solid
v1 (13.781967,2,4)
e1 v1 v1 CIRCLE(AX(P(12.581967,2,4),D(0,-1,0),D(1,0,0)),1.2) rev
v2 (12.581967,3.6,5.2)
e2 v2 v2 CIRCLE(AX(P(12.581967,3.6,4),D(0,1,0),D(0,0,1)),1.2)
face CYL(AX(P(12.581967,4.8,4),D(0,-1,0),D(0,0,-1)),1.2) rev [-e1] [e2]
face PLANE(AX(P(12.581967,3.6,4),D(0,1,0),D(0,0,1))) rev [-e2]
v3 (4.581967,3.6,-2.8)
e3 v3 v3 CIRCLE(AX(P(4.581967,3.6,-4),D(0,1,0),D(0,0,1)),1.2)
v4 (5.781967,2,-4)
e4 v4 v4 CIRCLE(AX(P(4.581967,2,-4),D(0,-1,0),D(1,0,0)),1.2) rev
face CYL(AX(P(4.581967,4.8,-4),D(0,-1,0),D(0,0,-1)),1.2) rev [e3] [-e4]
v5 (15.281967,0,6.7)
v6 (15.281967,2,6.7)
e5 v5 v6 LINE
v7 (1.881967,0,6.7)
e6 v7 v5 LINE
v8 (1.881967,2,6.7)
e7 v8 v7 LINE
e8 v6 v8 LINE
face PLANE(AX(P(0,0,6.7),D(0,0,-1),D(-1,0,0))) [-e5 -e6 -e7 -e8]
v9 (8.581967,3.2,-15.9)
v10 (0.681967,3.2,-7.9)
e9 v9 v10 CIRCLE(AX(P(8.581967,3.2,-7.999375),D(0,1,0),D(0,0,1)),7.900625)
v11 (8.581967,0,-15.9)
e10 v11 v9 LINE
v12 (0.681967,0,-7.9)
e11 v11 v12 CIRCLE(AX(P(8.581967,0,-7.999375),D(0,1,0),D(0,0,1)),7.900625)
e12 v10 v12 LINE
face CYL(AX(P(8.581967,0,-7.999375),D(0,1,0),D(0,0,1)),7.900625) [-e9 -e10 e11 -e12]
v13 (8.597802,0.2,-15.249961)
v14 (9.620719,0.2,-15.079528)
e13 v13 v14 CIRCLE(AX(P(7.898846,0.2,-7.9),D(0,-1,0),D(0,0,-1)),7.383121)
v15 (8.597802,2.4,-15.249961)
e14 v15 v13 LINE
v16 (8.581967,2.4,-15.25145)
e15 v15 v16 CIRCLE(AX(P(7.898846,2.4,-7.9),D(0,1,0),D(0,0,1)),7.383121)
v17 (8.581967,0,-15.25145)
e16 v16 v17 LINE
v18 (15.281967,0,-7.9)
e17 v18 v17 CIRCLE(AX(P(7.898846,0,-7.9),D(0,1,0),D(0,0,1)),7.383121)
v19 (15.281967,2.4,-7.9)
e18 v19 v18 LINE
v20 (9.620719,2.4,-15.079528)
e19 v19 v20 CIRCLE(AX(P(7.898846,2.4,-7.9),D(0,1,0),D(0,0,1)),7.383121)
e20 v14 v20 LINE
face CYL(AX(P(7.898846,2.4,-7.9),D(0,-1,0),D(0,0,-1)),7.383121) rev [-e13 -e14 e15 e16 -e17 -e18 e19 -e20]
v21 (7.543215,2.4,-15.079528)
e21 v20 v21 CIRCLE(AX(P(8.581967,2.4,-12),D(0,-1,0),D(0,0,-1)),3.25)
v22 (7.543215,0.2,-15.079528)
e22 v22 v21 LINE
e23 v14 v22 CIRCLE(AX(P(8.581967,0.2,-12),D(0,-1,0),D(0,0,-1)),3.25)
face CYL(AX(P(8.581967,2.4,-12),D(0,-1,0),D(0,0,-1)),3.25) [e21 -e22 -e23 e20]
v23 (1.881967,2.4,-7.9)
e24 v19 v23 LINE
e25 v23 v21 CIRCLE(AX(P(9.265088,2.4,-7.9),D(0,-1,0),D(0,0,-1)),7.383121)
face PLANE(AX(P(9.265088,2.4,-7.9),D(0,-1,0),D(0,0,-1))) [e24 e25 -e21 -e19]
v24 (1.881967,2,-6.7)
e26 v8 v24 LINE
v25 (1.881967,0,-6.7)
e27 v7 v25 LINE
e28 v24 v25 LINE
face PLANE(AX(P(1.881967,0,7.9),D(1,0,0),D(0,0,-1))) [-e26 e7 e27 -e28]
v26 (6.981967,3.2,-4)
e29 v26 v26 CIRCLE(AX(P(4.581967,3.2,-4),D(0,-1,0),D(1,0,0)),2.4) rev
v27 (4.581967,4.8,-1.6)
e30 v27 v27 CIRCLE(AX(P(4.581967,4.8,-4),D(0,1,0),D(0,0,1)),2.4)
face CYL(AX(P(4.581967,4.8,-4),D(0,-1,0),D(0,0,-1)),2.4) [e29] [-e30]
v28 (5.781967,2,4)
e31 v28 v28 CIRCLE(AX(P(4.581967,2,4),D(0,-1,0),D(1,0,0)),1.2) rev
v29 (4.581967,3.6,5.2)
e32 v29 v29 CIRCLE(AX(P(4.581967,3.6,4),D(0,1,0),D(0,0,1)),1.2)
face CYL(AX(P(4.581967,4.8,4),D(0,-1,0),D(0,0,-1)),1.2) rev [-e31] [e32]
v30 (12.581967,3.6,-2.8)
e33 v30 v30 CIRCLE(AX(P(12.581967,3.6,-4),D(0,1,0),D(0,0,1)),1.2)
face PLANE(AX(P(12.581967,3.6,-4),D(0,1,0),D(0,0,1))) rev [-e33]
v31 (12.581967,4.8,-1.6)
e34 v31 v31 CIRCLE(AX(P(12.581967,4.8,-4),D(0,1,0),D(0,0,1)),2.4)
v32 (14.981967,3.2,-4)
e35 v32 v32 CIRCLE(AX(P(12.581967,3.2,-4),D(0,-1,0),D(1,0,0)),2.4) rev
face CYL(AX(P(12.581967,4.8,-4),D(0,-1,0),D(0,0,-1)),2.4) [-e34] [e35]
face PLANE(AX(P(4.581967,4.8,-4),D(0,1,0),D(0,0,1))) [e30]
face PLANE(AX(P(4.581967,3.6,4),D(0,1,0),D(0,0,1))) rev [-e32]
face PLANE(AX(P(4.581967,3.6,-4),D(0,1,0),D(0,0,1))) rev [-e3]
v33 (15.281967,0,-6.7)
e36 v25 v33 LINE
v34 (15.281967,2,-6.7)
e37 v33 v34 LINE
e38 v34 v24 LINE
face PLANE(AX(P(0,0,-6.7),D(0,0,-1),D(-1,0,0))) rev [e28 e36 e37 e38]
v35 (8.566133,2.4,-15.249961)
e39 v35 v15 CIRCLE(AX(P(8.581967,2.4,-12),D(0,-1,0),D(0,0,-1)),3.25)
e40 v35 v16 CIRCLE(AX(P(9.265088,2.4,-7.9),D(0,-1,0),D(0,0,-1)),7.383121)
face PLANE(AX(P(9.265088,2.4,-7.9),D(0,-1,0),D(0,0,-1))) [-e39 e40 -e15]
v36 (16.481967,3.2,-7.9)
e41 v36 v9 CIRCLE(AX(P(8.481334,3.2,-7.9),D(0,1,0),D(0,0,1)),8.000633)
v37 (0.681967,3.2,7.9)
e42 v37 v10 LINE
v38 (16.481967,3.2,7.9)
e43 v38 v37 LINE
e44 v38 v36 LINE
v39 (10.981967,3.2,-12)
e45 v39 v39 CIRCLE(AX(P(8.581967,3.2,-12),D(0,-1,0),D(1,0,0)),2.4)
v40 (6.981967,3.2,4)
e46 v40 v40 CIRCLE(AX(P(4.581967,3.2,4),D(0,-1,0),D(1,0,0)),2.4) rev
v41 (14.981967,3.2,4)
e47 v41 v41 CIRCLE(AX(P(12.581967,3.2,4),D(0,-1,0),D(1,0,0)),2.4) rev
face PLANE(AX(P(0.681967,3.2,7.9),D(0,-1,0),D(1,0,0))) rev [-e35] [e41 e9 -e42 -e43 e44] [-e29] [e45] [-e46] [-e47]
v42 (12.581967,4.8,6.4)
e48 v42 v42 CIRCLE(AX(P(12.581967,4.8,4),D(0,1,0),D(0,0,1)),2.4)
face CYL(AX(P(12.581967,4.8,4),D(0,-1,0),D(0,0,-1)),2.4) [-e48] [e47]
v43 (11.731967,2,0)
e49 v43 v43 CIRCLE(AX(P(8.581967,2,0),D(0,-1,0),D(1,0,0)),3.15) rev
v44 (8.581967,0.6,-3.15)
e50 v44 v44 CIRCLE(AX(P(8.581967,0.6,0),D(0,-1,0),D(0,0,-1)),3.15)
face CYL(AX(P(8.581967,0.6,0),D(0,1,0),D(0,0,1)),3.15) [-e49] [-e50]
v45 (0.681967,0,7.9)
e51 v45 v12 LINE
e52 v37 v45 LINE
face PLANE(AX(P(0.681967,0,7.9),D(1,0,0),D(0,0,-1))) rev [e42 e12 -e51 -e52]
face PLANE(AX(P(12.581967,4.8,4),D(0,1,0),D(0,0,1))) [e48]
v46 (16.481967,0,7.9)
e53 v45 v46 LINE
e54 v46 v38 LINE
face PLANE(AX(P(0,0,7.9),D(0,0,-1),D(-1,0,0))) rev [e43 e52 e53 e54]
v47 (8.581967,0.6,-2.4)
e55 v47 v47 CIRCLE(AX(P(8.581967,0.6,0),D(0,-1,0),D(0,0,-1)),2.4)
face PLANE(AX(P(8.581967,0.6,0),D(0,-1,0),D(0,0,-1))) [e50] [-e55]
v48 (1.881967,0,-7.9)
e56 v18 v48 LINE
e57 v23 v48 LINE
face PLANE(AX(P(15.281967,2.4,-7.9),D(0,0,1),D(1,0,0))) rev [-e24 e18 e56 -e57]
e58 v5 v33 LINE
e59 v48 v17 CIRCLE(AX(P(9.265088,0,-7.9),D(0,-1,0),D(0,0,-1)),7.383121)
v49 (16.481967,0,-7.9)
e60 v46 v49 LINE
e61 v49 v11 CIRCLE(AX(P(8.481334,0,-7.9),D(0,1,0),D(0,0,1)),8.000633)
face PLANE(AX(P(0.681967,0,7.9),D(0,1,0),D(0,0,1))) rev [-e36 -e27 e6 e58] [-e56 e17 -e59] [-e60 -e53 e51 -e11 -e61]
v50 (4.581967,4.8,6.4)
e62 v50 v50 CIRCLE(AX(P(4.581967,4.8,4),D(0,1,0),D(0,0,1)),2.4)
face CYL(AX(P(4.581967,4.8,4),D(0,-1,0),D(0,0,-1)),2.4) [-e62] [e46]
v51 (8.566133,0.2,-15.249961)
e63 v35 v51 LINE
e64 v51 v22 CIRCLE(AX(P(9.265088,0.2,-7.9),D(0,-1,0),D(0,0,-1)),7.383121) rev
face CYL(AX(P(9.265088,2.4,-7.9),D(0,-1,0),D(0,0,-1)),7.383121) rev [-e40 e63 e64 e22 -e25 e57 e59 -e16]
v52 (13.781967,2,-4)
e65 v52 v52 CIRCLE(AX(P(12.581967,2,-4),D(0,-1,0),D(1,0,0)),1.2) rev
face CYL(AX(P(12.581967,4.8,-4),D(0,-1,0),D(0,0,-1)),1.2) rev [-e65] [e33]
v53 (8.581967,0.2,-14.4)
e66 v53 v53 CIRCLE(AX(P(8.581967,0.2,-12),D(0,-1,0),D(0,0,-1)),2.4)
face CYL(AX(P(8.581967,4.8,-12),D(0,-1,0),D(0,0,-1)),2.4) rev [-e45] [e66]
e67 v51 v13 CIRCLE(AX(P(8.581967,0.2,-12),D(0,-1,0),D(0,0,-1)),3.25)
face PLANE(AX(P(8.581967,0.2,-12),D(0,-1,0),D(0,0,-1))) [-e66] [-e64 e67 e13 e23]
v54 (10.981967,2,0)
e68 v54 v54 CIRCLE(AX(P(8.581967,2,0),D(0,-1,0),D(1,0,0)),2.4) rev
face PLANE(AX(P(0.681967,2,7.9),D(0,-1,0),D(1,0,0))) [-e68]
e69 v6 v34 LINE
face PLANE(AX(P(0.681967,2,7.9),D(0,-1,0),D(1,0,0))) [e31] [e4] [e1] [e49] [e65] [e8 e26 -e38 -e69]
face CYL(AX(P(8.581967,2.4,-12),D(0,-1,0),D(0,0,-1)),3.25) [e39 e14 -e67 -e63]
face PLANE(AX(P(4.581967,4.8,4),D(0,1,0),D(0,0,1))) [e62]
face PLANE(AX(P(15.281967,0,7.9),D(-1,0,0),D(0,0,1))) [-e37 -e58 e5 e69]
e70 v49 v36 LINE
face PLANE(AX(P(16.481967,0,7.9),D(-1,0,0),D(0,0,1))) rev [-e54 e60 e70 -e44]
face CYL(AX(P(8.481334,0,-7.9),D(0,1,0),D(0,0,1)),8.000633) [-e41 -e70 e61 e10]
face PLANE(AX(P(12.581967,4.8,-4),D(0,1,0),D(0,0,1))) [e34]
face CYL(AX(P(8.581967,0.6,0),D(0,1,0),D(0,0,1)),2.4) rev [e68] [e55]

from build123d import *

# Parameters (mm, degrees)
MAINBASESKETCH_W          = 15.8
MAINBASESKETCH_H          = 3.2
MAINBASEEXTRUDE_DEPTH     = 7.9
STUDSSKETCH_R             = 2.4
STUDSEXTRUDE_DEPTH        = 1.6
STUDSPATTERN_COUNT        = 2
STUDSPATTERN_PITCH        = 8
STUDSPATTERN_COUNT_DIR2   = 2
STUDSPATTERN_PITCH_DIR2   = 8
MAINBASESHELL_T           = -1.2
UNDERSIDECIRCLEEXT_START  = -0.2
UNDERSIDECIRCLESKETCH_R   = 3.15
UNDERSIDECIRCLESKETCH_R_2 = 2.4
UNDERSIDECIRCLEEXT_DEPTH  = 1.6
SKETCH66_R                = 2.4
CUT_EXTRUDE19_DEPTH       = 24.398829954
CUT_EXTRUDE20_DEPTH       = 2.4
BOSS_EXTRUDE1_START       = -0.2
SKETCH66_6_R              = 3.25
SKETCH66_6_R_2            = 2.4
BOSS_EXTRUDE1_DEPTH       = 2.2


with BuildPart() as part:
    # MainBaseSketch → MainBaseExtrude (new, symmetric)
    with BuildSketch(Plane.XY):
        with Locations((8.581967213, 1.6)):
            Rectangle(MAINBASESKETCH_W, MAINBASESKETCH_H)
    extrude(amount=MAINBASEEXTRUDE_DEPTH, both=True)

    # StudsSketch → StudsExtrude (add)
    with BuildSketch(Plane(origin=(0, 3.2, 0), x_dir=(1, 0, 0), z_dir=(0, 1, 0))):
        with Locations((4.581967213, 4)):
            Circle(STUDSSKETCH_R)
    studsextrude = extrude(amount=STUDSEXTRUDE_DEPTH)

    # StudsPattern: StudsExtrude 2 × 2
    with Locations(*[(j * STUDSPATTERN_PITCH_DIR2, 0, i * STUDSPATTERN_PITCH) for i in range(STUDSPATTERN_COUNT) for j in range(STUDSPATTERN_COUNT_DIR2) if (i, j) != (0, 0)]):
        add(studsextrude)

    # MainBaseShell
    mainbaseshell_openings = [part.faces().sort_by_distance(p)[0] for p in [
        (8.581967213, 0, 0),
    ]]
    offset(amount=MAINBASESHELL_T, openings=mainbaseshell_openings, kind=Kind.INTERSECTION)

    # UnderSideCircleSketch → UnderSideCircleExt (add)
    with BuildSketch(Plane.XZ.offset(-2).offset(UNDERSIDECIRCLEEXT_START)):
        with Locations((8.581967213, 0)):
            Circle(UNDERSIDECIRCLESKETCH_R)
        with Locations((8.581967213, 0)):
            Circle(UNDERSIDECIRCLESKETCH_R_2, mode=Mode.SUBTRACT)
    extrude(amount=UNDERSIDECIRCLEEXT_DEPTH)

    # Sweep6: sweep along a curve in space
    with BuildLine() as sweep6_path:
        Line((16.481967213, 0, -7.9), (16.481967213, 3.2, -7.9))
    # Sketch64 → Sweep6 (sweep)
    with BuildSketch(Plane(origin=(0, 3.2, 0), x_dir=(1, 0, 0), z_dir=(0, 1, 0))):
        with BuildLine():
            Line((0.681967213, 7.9), (16.481967213, 7.9))
            ThreePointArc((16.481967213, 7.9), (14.174104013, 13.52161009), (8.581967213, 15.9))
            ThreePointArc((8.581967213, 15.9), (2.960357123, 13.550714964), (0.681967213, 7.9))
        make_face()
    sweep(path=sweep6_path.line)

    # Sketch66 → Cut-Extrude19 (cut, through all)
    with BuildSketch(Plane(origin=(0, 0, 0), x_dir=(-1, 0, 0), z_dir=(0, -1, 0))):
        with Locations((-8.581967213, 12)):
            Circle(SKETCH66_R)
    extrude(amount=-CUT_EXTRUDE19_DEPTH, mode=Mode.SUBTRACT)

    # Sketch68 → Cut-Extrude20 (cut)
    with BuildSketch(Plane(origin=(0, 0, 0), x_dir=(-1, 0, 0), z_dir=(0, -1, 0))):
        with BuildLine():
            Line((-15.281967213, 7.9), (-1.881967213, 7.9))
            ThreePointArc((-1.881967213, 7.9), (-3.808255779, 12.873274015), (-8.581967213, 15.251450042))
            ThreePointArc((-8.581967213, 15.251450042), (-13.355678647, 12.873274015), (-15.281967213, 7.9))
        make_face()
    extrude(amount=-CUT_EXTRUDE20_DEPTH, mode=Mode.SUBTRACT)

    # Sketch66<6> → Boss-Extrude1 (add)
    with BuildSketch(Plane(origin=(0, 0, 0), x_dir=(-1, 0, 0), z_dir=(0, -1, 0)).offset(BOSS_EXTRUDE1_START)):
        with Locations((-8.581967213, 12)):
            Circle(SKETCH66_6_R)
        with Locations((-8.581967213, 12)):
            Circle(SKETCH66_6_R_2, mode=Mode.SUBTRACT)
    extrude(amount=-BOSS_EXTRUDE1_DEPTH)


solid = part.part
